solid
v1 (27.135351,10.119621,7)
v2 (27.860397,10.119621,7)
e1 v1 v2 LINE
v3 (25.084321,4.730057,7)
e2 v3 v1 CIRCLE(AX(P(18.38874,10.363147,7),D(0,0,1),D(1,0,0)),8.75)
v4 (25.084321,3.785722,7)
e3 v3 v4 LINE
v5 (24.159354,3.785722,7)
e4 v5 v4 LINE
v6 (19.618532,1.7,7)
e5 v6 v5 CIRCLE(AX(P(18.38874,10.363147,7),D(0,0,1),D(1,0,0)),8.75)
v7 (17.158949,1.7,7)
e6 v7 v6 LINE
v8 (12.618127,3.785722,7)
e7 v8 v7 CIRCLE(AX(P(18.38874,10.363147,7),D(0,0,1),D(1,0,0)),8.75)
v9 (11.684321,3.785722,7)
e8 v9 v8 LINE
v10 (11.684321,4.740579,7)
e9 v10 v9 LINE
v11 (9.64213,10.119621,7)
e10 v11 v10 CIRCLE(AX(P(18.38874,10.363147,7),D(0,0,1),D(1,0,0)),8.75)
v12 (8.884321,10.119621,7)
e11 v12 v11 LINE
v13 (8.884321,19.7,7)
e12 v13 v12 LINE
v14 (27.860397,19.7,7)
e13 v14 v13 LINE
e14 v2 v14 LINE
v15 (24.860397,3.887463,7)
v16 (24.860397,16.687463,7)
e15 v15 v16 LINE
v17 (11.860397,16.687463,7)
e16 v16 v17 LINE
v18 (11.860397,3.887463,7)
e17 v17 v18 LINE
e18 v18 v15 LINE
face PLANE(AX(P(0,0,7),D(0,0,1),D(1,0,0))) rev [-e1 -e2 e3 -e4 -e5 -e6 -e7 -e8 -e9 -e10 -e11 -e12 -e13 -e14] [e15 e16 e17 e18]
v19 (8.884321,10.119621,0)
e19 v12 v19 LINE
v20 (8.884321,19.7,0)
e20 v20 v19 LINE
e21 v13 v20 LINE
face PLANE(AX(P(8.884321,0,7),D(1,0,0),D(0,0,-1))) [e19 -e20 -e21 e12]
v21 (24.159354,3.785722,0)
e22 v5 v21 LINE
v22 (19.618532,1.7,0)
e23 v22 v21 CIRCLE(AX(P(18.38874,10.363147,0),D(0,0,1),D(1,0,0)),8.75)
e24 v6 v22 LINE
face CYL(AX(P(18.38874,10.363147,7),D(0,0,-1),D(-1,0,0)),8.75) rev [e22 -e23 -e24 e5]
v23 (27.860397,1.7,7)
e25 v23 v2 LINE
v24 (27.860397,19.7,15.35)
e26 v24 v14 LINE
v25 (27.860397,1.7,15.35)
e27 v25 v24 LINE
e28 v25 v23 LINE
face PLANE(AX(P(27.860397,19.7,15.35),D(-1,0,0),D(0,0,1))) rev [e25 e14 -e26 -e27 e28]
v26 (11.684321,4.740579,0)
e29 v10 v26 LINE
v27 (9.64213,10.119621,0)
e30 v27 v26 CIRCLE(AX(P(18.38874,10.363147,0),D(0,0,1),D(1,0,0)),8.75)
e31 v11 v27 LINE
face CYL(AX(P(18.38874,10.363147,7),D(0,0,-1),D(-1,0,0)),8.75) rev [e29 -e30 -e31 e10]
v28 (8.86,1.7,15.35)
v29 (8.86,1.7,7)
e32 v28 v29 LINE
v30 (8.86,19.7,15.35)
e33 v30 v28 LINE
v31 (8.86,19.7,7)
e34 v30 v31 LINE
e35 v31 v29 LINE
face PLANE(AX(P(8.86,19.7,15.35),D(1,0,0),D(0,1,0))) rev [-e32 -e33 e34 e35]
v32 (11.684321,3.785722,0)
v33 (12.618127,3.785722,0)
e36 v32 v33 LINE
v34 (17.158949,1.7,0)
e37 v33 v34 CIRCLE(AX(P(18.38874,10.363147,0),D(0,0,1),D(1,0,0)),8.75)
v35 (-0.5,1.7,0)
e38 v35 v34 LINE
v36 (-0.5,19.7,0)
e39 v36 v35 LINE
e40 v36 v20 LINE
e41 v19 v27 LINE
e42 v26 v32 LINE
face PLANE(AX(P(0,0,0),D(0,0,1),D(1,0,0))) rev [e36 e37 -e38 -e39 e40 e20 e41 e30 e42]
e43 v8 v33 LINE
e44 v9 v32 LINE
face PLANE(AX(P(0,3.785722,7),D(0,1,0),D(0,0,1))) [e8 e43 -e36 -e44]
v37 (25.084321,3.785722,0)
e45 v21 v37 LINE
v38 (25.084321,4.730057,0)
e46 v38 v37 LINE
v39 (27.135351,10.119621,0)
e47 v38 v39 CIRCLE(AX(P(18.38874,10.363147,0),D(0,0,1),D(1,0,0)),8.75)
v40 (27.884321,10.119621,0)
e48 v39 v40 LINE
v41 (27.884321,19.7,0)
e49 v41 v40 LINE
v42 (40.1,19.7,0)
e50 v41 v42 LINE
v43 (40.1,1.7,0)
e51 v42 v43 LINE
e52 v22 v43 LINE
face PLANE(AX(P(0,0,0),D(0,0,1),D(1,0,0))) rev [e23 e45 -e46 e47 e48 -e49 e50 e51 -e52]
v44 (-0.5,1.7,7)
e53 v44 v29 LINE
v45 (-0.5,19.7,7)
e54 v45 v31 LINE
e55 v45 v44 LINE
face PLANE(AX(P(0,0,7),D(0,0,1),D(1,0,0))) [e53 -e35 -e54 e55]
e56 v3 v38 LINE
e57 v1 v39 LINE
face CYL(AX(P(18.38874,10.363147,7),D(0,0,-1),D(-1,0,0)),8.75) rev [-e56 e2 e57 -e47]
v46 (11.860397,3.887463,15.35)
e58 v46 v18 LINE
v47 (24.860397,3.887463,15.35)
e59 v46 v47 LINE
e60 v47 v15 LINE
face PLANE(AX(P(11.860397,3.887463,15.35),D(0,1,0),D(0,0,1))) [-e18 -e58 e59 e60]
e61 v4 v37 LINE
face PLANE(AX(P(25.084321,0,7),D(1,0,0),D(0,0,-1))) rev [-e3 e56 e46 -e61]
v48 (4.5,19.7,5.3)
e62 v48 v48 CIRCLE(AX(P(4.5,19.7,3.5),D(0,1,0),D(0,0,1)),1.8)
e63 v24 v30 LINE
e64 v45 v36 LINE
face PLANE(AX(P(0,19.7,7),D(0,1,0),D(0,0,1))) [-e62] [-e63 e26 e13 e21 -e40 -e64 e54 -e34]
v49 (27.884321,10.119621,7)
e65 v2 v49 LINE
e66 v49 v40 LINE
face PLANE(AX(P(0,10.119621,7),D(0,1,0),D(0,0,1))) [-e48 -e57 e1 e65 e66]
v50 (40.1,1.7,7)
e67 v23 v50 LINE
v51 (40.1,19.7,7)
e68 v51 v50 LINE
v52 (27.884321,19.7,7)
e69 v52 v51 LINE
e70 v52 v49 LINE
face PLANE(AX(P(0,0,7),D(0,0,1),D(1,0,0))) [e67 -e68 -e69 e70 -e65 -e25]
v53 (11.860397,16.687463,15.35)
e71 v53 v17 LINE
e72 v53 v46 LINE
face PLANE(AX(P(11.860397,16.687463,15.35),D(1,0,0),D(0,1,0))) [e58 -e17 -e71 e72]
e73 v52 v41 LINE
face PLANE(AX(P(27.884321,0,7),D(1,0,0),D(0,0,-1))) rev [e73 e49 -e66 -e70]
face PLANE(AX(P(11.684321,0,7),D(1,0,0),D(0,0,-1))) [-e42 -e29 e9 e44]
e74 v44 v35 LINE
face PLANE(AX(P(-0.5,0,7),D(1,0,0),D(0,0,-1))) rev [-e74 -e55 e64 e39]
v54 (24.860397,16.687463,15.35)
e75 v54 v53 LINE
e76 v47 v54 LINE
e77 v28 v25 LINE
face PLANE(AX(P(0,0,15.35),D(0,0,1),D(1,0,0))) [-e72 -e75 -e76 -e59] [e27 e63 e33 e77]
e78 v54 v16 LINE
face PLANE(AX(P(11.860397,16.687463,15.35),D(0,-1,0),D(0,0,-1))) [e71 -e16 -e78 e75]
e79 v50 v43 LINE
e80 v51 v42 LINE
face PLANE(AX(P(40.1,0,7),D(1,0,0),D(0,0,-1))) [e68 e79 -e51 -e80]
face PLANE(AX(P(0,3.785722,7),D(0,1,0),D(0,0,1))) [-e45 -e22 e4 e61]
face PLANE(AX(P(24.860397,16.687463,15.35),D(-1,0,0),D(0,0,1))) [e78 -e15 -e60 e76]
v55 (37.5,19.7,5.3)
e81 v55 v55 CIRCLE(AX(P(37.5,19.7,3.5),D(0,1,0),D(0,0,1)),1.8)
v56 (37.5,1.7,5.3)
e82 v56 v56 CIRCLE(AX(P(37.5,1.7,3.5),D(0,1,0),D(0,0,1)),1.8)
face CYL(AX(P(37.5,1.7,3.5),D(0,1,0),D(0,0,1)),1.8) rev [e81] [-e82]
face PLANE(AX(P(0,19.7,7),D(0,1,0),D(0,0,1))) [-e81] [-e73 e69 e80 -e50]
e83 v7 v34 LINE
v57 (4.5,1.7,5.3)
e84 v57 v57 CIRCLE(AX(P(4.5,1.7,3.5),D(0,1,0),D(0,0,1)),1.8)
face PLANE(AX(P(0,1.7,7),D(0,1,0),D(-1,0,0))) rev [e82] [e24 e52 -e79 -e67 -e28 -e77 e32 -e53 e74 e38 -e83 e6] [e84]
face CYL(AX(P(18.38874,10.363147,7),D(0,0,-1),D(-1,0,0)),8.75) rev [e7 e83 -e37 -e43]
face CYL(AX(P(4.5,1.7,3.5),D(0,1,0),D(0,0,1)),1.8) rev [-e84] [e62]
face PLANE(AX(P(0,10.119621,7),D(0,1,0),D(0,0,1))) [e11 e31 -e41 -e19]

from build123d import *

# Parameters (mm, degrees)
BOSS_EXTRUDE1_DEPTH   = 7
BOSS_EXTRUDE1_2_DEPTH = 7
SKETCH2_W             = 19.000397442
SKETCH2_H             = 18
SKETCH2_W_2           = 13
SKETCH2_H_2           = 12.8
BOSS_EXTRUDE2_DEPTH   = 8.35
SKETCH3_R             = 1.8
CUT_EXTRUDE1_DEPTH    = 47.557840371


with BuildPart() as part:
    # Sketch1 → Boss-Extrude1 (new body)
    with BuildSketch(Plane.XY):
        with BuildLine():
            Line((-0.5, 19.7), (-0.5, 1.7))
            Line((-0.5, 1.7), (17.158948763, 1.7))
            ThreePointArc((17.158948763, 1.7), (14.736483801, 2.411824757), (12.618126572, 3.785721996))
            Line((12.618126572, 3.785721996), (11.684321255, 3.785721996))
            Line((11.684321255, 3.785721996), (11.684321255, 4.740579311))
            ThreePointArc((11.684321255, 4.740579311), (10.208452966, 7.257442509), (9.642129796, 10.119620985))
            Line((9.642129796, 10.119620985), (8.884321255, 10.119620985))
            Line((8.884321255, 10.119620985), (8.884321255, 19.7))
            Line((8.884321255, 19.7), (-0.5, 19.7))
        make_face()
    extrude(amount=BOSS_EXTRUDE1_DEPTH)



with BuildPart() as body_2:
    # Sketch1 → Boss-Extrude1 2 (new body)
    with BuildSketch(Plane.XY):
        with BuildLine():
            ThreePointArc((24.159354013, 3.785721996), (22.040996783, 2.411824757), (19.618531821, 1.7))
            Line((19.618531821, 1.7), (40.1, 1.7))
            Line((40.1, 1.7), (40.1, 19.7))
            Line((40.1, 19.7), (27.884321255, 19.7))
            Line((27.884321255, 19.7), (27.884321255, 10.119620985))
            Line((27.884321255, 10.119620985), (27.135350788, 10.119620985))
            ThreePointArc((27.135350788, 10.119620985), (26.566586462, 7.25102021), (25.084321255, 4.730057473))
            Line((25.084321255, 4.730057473), (25.084321255, 3.785721996))
            Line((25.084321255, 3.785721996), (24.159354013, 3.785721996))
        make_face()
    extrude(amount=BOSS_EXTRUDE1_2_DEPTH)


with BuildPart() as part_1:
    add(part.part)

    add(body_2.part)  # Boss-Extrude2 merges body 2
    # Sketch2 → Boss-Extrude2 (add)
    with BuildSketch(Plane.XY.offset(7)):
        with Locations((18.360198721, 10.7)):
            Rectangle(SKETCH2_W, SKETCH2_H)
        with Locations((18.360397442, 10.287463183)):
            Rectangle(SKETCH2_W_2, SKETCH2_H_2, mode=Mode.SUBTRACT)
    extrude(amount=BOSS_EXTRUDE2_DEPTH)

    # Sketch3 → Cut-Extrude1 (cut, through all)
    with BuildSketch(Plane(origin=(0, 19.7, 0), x_dir=(1, 0, 0), z_dir=(0, 1, 0))):
        with Locations(Location((4.5, -3.5, 0), (0, 0, 270))):
            Circle(SKETCH3_R)
        with Locations(Location((37.5, -3.5, 0), (0, 0, 270))):
            Circle(SKETCH3_R)
    extrude(amount=-CUT_EXTRUDE1_DEPTH, mode=Mode.SUBTRACT)


solid = part_1.part
